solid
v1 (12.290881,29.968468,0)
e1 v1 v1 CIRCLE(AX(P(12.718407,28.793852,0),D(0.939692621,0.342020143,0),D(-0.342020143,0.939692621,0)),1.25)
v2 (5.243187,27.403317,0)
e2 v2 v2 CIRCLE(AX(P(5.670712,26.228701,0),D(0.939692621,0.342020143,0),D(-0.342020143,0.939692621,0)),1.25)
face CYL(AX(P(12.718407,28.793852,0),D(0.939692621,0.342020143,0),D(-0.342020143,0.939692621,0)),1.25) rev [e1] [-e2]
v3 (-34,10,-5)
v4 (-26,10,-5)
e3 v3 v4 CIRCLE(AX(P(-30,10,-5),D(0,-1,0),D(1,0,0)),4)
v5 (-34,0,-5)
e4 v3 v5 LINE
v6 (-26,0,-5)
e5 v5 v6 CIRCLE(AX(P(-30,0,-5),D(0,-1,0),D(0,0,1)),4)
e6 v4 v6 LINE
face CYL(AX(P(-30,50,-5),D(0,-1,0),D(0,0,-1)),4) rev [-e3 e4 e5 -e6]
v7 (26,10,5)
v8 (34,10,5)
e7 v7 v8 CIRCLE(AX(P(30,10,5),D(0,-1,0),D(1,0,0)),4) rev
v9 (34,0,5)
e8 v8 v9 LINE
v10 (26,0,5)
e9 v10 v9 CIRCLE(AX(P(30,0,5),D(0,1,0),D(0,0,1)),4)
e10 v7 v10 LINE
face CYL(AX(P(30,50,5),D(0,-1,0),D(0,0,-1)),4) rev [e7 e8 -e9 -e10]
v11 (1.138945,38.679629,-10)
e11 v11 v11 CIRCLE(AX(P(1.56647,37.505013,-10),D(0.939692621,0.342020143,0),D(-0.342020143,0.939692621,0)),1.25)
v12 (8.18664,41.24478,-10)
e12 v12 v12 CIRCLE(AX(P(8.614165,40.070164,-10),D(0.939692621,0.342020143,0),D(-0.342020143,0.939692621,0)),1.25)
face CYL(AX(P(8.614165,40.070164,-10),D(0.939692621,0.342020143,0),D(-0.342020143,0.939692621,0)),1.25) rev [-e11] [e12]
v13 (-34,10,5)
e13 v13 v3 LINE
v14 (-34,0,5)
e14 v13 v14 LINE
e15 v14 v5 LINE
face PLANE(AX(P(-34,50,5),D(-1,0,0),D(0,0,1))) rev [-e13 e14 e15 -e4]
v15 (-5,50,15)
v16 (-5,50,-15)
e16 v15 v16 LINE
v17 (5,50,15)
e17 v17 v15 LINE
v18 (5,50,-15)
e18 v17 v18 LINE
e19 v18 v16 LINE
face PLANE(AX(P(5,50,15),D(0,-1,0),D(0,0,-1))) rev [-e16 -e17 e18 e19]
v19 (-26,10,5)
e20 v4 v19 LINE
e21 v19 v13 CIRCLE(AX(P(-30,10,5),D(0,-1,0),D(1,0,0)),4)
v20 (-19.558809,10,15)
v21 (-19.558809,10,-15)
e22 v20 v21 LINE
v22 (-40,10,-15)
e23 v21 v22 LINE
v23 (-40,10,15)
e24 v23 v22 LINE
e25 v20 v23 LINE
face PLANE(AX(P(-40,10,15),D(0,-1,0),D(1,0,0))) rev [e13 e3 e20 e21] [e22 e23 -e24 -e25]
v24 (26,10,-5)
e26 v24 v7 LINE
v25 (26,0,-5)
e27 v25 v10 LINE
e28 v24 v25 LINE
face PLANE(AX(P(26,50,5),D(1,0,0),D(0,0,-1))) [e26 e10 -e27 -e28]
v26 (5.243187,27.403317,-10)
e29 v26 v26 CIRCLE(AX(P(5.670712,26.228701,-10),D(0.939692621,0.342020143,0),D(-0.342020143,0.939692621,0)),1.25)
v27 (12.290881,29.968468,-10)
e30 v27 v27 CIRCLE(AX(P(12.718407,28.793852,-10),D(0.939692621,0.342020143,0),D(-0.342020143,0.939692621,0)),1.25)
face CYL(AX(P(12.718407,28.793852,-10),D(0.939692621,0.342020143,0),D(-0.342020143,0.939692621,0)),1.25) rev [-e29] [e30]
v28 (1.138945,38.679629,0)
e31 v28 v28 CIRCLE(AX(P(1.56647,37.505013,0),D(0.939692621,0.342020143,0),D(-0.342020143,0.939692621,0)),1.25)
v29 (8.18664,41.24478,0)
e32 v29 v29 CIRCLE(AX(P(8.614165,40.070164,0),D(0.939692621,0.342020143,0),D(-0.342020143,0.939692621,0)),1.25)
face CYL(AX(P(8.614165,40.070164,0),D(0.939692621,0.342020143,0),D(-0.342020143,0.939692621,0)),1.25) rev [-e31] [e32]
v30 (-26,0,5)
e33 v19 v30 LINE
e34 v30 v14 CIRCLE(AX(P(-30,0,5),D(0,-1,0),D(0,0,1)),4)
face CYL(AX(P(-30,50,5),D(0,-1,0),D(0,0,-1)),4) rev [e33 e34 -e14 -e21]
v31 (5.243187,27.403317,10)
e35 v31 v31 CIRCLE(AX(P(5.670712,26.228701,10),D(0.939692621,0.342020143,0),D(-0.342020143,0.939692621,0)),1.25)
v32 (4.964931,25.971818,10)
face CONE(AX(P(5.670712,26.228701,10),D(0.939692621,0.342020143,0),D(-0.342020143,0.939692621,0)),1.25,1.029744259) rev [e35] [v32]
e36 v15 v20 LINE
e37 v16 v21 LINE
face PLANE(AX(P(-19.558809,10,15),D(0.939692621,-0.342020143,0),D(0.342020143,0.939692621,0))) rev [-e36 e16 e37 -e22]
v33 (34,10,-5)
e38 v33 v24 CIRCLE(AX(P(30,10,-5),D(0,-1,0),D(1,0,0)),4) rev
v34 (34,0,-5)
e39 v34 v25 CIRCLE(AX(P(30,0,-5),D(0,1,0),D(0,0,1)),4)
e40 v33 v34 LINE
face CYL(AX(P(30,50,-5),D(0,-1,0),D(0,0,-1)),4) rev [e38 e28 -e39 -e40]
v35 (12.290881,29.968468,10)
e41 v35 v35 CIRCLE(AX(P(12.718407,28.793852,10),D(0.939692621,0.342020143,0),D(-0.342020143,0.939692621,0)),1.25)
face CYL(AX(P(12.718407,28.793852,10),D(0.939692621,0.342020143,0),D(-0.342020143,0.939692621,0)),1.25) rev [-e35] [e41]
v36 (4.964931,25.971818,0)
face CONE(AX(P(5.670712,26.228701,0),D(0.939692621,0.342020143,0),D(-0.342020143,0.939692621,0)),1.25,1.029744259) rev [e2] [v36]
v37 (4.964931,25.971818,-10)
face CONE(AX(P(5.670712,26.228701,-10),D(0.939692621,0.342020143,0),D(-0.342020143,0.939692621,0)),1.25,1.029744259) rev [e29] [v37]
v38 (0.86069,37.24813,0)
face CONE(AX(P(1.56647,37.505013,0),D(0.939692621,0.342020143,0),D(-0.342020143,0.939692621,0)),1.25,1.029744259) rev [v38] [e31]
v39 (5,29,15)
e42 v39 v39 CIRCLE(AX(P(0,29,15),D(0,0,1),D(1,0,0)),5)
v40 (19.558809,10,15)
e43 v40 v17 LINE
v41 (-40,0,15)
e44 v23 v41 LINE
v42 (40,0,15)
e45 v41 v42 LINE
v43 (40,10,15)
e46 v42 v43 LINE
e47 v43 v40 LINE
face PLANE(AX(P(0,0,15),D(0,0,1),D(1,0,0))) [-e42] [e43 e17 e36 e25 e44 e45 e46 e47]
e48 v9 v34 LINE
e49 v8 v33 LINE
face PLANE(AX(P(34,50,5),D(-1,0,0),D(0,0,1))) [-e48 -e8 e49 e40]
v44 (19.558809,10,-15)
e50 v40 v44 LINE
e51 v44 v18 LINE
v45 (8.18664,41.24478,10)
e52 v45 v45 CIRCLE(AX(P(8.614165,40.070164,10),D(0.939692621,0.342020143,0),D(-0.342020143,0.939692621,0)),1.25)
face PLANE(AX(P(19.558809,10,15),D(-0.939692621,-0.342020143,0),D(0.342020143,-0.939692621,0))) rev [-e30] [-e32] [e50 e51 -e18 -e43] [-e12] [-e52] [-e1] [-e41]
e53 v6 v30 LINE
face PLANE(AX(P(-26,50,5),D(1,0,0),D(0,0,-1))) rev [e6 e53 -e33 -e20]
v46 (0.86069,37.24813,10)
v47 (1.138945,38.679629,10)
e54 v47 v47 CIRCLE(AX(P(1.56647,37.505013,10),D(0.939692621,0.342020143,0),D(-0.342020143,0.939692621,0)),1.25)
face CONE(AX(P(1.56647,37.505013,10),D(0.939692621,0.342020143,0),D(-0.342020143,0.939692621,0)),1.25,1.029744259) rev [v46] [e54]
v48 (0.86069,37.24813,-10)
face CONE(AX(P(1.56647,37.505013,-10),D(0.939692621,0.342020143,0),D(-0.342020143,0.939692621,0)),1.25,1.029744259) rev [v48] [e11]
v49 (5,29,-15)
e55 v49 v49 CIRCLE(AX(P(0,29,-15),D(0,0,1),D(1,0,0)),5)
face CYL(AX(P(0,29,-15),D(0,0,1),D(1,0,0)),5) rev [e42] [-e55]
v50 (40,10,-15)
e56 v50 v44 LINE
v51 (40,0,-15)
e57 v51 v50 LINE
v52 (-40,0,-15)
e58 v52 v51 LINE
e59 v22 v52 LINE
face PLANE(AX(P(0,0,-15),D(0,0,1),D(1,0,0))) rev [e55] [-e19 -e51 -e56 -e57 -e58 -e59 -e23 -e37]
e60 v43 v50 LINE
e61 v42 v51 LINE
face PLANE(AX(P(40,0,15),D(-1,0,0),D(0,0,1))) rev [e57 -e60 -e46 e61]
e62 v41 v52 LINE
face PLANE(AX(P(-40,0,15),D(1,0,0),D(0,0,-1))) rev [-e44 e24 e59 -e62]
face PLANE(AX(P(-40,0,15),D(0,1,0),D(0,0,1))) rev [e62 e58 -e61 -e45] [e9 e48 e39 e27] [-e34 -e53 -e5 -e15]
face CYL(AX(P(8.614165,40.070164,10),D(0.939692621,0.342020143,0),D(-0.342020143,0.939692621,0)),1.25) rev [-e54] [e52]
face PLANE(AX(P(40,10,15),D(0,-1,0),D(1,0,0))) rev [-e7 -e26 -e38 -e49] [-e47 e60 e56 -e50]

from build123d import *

# Parameters (mm, degrees)
BASE_EXTRUDE_DEPTH   = 15
SLOT_CUT_DEPTH       = 66.76473219
SKETCH5_R            = 5
GUIDE_HOLE_DEPTH     = 71.710678119
LPATTERN1_COUNT      = 3
LPATTERN1_PITCH      = 10
LPATTERN1_COUNT_DIR2 = 2
LPATTERN1_PITCH_DIR2 = 12


with BuildPart() as part:
    # Sketch2 → Base Extrude (new, symmetric)
    with BuildSketch(Plane.XY):
        Polygon((-40, 0), (40, 0), (40, 10), (19.558809371, 10), (5, 50), (-5, 50), (-19.558809371, 10), (-40, 10), align=None)
    extrude(amount=BASE_EXTRUDE_DEPTH, both=True)

    # Sketch4 → Slot Cut (cut, through all)
    with BuildSketch(Plane(origin=(0, 0, 0), x_dir=(1, 0, 0), z_dir=(0, 1, 0))):
        with BuildLine():
            Line((26, -5), (26, 5))
            ThreePointArc((26, 5), (30, 9), (34, 5))
            Line((34, 5), (34, -5))
            ThreePointArc((34, -5), (30, -9), (26, -5))
        make_face()
    slot_cut = extrude(amount=SLOT_CUT_DEPTH, mode=Mode.SUBTRACT)

    # Mirror1: Slot Cut across plane
    add(slot_cut.mirror(Plane(origin=(0, 0, 0), x_dir=(0, 0, 1), z_dir=(1, 0, 0))), mode=Mode.SUBTRACT)

    # Sketch5 → Guide Hole (cut, through all)
    with BuildSketch(Plane.XY.offset(15)):
        with Locations((0, 29)):
            Circle(SKETCH5_R)
    extrude(amount=-GUIDE_HOLE_DEPTH, mode=Mode.SUBTRACT)

    # Sketch10 → M3x0.5 Tapped Hole2 (revolve, cut)
    with BuildSketch(Plane(origin=(12.718406504, 28.793852416, 10), x_dir=(-0.3420201433256662, 0.9396926207859093, 0), z_dir=(0, 0, 1))):
        Polygon((0, 0), (0, 8.251075774), (1.25, 7.5), (1.25, 0), align=None)
    m3x0_5_tapped_hole2 = revolve(axis=Axis((18.685454646, 30.965680326, 10), (-0.9396926207859093, -0.34202014332566616, 0)), mode=Mode.SUBTRACT)

    # LPattern1: M3x0.5 Tapped Hole2 3 × 2
    with Locations(*[Vector(0, 0, -1) * (i * LPATTERN1_PITCH) + Vector(-0.34202014332566616, 0.9396926207859094, 0) * (j * LPATTERN1_PITCH_DIR2) for i in range(LPATTERN1_COUNT) for j in range(LPATTERN1_COUNT_DIR2) if (i, j) != (0, 0)]):
        add(m3x0_5_tapped_hole2, mode=Mode.SUBTRACT)


solid = part.part
